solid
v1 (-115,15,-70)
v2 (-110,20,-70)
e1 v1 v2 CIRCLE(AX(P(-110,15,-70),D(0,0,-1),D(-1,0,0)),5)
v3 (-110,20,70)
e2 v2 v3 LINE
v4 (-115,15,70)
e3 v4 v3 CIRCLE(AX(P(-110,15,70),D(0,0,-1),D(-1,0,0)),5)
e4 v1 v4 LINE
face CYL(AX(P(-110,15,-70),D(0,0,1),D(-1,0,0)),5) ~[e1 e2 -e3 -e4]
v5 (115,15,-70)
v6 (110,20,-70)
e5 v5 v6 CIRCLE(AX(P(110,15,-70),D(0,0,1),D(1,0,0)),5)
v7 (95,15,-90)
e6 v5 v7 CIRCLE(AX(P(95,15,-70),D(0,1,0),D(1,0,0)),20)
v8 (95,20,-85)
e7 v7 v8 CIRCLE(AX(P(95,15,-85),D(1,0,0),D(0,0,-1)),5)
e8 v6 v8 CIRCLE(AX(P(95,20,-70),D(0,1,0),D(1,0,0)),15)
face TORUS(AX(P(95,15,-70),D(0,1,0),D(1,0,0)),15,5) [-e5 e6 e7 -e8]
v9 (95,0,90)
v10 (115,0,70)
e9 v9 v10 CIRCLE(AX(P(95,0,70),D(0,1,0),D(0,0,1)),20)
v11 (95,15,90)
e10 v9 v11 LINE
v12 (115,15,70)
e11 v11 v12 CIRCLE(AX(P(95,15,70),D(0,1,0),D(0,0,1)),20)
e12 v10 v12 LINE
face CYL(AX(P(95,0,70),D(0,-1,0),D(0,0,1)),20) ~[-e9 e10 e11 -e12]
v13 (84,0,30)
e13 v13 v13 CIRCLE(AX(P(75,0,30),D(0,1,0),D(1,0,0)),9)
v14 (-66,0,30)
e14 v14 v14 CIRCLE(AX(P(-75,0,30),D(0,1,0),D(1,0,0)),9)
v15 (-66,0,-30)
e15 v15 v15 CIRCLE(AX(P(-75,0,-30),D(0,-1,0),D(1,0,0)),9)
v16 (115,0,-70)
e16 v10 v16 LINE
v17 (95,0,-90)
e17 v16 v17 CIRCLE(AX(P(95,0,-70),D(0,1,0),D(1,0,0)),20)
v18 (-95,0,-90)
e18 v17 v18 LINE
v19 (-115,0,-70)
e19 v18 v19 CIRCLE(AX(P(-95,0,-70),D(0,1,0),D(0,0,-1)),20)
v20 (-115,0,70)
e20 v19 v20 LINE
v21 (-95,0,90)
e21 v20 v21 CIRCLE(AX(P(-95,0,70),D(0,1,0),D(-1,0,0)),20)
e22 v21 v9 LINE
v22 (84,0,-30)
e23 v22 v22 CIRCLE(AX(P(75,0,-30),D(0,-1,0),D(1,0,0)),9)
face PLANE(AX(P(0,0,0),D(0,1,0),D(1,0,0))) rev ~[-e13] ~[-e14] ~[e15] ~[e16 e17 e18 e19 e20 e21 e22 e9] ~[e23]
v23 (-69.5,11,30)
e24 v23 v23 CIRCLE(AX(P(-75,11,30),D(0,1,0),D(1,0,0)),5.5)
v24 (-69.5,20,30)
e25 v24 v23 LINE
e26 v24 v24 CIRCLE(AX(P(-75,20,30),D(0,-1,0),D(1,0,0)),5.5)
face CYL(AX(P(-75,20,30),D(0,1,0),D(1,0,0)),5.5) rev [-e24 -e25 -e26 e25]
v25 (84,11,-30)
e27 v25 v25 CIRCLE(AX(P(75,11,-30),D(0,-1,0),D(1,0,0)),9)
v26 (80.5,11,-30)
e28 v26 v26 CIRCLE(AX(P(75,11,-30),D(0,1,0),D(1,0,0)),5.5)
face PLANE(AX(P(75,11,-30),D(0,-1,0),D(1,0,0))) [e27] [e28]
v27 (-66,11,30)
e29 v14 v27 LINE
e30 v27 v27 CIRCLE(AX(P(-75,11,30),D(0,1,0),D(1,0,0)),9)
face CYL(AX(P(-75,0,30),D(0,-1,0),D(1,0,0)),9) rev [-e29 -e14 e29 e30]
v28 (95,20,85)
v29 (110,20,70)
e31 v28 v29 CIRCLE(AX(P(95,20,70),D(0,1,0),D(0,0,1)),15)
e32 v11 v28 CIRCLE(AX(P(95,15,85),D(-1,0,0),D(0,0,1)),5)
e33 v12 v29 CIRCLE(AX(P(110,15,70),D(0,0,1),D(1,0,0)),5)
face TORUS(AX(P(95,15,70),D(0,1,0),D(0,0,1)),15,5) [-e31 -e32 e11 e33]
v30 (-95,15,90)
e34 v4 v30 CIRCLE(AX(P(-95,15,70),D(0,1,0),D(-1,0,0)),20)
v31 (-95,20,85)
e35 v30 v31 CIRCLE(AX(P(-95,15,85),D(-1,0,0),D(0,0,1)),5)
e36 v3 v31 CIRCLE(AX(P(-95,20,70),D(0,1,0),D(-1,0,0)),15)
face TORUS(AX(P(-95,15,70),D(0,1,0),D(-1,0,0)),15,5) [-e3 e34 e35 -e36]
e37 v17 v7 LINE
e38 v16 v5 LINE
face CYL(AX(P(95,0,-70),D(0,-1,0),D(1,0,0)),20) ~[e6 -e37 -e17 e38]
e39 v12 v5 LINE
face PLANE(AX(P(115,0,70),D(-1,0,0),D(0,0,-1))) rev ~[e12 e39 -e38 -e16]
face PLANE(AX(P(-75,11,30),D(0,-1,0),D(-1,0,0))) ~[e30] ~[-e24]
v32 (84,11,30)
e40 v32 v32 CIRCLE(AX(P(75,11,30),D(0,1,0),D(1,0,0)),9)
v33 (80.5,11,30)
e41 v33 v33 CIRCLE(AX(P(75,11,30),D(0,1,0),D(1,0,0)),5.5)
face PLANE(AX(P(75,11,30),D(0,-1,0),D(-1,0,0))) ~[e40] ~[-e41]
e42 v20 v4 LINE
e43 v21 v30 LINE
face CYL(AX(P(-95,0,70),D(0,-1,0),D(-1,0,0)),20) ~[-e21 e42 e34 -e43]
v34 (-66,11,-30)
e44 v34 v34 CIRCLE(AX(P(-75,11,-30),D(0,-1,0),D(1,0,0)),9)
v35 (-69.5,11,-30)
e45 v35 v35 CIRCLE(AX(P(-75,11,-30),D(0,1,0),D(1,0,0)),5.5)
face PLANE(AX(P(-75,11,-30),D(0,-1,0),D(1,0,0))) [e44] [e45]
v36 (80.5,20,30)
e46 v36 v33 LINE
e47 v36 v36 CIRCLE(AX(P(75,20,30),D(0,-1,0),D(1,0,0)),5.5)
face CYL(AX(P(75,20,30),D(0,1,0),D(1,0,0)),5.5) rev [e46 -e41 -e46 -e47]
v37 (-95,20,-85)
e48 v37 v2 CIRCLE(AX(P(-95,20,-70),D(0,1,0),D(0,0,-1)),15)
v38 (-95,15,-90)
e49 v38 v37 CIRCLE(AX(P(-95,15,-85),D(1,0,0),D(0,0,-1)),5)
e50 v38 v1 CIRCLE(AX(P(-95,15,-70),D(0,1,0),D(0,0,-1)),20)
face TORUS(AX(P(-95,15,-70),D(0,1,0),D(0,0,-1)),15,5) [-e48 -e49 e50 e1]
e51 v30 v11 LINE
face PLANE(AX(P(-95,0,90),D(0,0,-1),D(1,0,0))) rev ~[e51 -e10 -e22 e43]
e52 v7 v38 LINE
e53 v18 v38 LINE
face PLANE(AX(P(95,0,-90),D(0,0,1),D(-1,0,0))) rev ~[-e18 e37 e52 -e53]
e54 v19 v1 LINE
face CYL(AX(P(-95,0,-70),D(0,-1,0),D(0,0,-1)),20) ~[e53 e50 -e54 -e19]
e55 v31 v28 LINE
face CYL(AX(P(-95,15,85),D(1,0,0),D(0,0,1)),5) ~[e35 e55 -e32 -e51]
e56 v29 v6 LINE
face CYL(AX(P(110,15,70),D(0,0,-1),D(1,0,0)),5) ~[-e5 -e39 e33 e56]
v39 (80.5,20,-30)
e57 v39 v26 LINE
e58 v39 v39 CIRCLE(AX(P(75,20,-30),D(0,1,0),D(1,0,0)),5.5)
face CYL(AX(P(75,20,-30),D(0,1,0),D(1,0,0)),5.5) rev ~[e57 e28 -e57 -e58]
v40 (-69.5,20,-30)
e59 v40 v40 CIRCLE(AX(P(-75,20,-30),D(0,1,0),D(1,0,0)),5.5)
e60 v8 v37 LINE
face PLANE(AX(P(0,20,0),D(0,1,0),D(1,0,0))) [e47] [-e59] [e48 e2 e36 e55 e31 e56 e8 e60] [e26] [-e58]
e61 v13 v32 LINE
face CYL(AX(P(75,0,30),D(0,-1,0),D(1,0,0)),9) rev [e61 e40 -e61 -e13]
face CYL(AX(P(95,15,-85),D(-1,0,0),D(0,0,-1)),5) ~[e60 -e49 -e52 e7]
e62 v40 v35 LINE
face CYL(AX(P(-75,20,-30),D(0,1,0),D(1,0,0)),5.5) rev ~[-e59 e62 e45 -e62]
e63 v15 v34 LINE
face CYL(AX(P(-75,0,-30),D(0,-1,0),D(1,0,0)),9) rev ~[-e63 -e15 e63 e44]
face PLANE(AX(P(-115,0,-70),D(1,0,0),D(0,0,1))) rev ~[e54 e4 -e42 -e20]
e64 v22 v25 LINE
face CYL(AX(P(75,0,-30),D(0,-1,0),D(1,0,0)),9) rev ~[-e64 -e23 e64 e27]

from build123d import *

# Parameters (mm, degrees)
BOSS_EXTRUDE1_DEPTH = 20
FILLET1_R           = 5
SKETCH2_R           = 5.5
CUT_EXTRUDE1_DEPTH  = 21
SKETCH4_R           = 9
CUT_EXTRUDE2_DEPTH  = 11


with BuildPart() as part:
    # Sketch1 → Boss-Extrude1 (new body)
    with BuildSketch(Plane(origin=(0, 0, 0), x_dir=(1, 0, 0), z_dir=(0, 1, 0))):
        with BuildLine():
            Line((-95, -90), (95, -90))
            ThreePointArc((95, -90), (109.142135624, -84.142135624), (115, -70))
            Line((115, -70), (115, 70))
            ThreePointArc((115, 70), (109.142135624, 84.142135624), (95, 90))
            Line((95, 90), (-95, 90))
            ThreePointArc((-95, 90), (-109.142135624, 84.142135624), (-115, 70))
            Line((-115, 70), (-115, -70))
            ThreePointArc((-115, -70), (-109.142135624, -84.142135624), (-95, -90))
        make_face()
    extrude(amount=BOSS_EXTRUDE1_DEPTH)

    # Fillet1
    fillet1_edges = [part.edges().sort_by_distance(p)[0] for p in [
        (109.142135624, 20, -84.142135624),
        (0, 20, -90),
        (-109.142135624, 20, -84.142135624),
        (-115, 20, 0),
        (-109.142135624, 20, 84.142135624),
        (0, 20, 90),
        (109.142135624, 20, 84.142135624),
        (115, 20, 0),
    ]]
    fillet(fillet1_edges, radius=FILLET1_R)

    # Sketch2 → Cut-Extrude1 (cut, through all)
    with BuildSketch(Plane(origin=(0, 20, 0), x_dir=(1, 0, 0), z_dir=(0, 1, 0))):
        with Locations((-75, 30)):
            Circle(SKETCH2_R)
        with Locations((75, 30)):
            Circle(SKETCH2_R)
    cut_extrude1 = extrude(amount=-CUT_EXTRUDE1_DEPTH, mode=Mode.SUBTRACT)

    # Sketch4 → Cut-Extrude2 (cut)
    with BuildSketch(Plane.XZ):
        with Locations((-75, -30)):
            Circle(SKETCH4_R)
        with Locations((75, -30)):
            Circle(SKETCH4_R)
    cut_extrude2 = extrude(amount=-CUT_EXTRUDE2_DEPTH, mode=Mode.SUBTRACT)

    # Mirror1: Cut-Extrude1, Cut-Extrude2 across plane
    add(cut_extrude1.mirror(Plane.XY), mode=Mode.SUBTRACT)
    add(cut_extrude2.mirror(Plane.XY), mode=Mode.SUBTRACT)


solid = part.part
